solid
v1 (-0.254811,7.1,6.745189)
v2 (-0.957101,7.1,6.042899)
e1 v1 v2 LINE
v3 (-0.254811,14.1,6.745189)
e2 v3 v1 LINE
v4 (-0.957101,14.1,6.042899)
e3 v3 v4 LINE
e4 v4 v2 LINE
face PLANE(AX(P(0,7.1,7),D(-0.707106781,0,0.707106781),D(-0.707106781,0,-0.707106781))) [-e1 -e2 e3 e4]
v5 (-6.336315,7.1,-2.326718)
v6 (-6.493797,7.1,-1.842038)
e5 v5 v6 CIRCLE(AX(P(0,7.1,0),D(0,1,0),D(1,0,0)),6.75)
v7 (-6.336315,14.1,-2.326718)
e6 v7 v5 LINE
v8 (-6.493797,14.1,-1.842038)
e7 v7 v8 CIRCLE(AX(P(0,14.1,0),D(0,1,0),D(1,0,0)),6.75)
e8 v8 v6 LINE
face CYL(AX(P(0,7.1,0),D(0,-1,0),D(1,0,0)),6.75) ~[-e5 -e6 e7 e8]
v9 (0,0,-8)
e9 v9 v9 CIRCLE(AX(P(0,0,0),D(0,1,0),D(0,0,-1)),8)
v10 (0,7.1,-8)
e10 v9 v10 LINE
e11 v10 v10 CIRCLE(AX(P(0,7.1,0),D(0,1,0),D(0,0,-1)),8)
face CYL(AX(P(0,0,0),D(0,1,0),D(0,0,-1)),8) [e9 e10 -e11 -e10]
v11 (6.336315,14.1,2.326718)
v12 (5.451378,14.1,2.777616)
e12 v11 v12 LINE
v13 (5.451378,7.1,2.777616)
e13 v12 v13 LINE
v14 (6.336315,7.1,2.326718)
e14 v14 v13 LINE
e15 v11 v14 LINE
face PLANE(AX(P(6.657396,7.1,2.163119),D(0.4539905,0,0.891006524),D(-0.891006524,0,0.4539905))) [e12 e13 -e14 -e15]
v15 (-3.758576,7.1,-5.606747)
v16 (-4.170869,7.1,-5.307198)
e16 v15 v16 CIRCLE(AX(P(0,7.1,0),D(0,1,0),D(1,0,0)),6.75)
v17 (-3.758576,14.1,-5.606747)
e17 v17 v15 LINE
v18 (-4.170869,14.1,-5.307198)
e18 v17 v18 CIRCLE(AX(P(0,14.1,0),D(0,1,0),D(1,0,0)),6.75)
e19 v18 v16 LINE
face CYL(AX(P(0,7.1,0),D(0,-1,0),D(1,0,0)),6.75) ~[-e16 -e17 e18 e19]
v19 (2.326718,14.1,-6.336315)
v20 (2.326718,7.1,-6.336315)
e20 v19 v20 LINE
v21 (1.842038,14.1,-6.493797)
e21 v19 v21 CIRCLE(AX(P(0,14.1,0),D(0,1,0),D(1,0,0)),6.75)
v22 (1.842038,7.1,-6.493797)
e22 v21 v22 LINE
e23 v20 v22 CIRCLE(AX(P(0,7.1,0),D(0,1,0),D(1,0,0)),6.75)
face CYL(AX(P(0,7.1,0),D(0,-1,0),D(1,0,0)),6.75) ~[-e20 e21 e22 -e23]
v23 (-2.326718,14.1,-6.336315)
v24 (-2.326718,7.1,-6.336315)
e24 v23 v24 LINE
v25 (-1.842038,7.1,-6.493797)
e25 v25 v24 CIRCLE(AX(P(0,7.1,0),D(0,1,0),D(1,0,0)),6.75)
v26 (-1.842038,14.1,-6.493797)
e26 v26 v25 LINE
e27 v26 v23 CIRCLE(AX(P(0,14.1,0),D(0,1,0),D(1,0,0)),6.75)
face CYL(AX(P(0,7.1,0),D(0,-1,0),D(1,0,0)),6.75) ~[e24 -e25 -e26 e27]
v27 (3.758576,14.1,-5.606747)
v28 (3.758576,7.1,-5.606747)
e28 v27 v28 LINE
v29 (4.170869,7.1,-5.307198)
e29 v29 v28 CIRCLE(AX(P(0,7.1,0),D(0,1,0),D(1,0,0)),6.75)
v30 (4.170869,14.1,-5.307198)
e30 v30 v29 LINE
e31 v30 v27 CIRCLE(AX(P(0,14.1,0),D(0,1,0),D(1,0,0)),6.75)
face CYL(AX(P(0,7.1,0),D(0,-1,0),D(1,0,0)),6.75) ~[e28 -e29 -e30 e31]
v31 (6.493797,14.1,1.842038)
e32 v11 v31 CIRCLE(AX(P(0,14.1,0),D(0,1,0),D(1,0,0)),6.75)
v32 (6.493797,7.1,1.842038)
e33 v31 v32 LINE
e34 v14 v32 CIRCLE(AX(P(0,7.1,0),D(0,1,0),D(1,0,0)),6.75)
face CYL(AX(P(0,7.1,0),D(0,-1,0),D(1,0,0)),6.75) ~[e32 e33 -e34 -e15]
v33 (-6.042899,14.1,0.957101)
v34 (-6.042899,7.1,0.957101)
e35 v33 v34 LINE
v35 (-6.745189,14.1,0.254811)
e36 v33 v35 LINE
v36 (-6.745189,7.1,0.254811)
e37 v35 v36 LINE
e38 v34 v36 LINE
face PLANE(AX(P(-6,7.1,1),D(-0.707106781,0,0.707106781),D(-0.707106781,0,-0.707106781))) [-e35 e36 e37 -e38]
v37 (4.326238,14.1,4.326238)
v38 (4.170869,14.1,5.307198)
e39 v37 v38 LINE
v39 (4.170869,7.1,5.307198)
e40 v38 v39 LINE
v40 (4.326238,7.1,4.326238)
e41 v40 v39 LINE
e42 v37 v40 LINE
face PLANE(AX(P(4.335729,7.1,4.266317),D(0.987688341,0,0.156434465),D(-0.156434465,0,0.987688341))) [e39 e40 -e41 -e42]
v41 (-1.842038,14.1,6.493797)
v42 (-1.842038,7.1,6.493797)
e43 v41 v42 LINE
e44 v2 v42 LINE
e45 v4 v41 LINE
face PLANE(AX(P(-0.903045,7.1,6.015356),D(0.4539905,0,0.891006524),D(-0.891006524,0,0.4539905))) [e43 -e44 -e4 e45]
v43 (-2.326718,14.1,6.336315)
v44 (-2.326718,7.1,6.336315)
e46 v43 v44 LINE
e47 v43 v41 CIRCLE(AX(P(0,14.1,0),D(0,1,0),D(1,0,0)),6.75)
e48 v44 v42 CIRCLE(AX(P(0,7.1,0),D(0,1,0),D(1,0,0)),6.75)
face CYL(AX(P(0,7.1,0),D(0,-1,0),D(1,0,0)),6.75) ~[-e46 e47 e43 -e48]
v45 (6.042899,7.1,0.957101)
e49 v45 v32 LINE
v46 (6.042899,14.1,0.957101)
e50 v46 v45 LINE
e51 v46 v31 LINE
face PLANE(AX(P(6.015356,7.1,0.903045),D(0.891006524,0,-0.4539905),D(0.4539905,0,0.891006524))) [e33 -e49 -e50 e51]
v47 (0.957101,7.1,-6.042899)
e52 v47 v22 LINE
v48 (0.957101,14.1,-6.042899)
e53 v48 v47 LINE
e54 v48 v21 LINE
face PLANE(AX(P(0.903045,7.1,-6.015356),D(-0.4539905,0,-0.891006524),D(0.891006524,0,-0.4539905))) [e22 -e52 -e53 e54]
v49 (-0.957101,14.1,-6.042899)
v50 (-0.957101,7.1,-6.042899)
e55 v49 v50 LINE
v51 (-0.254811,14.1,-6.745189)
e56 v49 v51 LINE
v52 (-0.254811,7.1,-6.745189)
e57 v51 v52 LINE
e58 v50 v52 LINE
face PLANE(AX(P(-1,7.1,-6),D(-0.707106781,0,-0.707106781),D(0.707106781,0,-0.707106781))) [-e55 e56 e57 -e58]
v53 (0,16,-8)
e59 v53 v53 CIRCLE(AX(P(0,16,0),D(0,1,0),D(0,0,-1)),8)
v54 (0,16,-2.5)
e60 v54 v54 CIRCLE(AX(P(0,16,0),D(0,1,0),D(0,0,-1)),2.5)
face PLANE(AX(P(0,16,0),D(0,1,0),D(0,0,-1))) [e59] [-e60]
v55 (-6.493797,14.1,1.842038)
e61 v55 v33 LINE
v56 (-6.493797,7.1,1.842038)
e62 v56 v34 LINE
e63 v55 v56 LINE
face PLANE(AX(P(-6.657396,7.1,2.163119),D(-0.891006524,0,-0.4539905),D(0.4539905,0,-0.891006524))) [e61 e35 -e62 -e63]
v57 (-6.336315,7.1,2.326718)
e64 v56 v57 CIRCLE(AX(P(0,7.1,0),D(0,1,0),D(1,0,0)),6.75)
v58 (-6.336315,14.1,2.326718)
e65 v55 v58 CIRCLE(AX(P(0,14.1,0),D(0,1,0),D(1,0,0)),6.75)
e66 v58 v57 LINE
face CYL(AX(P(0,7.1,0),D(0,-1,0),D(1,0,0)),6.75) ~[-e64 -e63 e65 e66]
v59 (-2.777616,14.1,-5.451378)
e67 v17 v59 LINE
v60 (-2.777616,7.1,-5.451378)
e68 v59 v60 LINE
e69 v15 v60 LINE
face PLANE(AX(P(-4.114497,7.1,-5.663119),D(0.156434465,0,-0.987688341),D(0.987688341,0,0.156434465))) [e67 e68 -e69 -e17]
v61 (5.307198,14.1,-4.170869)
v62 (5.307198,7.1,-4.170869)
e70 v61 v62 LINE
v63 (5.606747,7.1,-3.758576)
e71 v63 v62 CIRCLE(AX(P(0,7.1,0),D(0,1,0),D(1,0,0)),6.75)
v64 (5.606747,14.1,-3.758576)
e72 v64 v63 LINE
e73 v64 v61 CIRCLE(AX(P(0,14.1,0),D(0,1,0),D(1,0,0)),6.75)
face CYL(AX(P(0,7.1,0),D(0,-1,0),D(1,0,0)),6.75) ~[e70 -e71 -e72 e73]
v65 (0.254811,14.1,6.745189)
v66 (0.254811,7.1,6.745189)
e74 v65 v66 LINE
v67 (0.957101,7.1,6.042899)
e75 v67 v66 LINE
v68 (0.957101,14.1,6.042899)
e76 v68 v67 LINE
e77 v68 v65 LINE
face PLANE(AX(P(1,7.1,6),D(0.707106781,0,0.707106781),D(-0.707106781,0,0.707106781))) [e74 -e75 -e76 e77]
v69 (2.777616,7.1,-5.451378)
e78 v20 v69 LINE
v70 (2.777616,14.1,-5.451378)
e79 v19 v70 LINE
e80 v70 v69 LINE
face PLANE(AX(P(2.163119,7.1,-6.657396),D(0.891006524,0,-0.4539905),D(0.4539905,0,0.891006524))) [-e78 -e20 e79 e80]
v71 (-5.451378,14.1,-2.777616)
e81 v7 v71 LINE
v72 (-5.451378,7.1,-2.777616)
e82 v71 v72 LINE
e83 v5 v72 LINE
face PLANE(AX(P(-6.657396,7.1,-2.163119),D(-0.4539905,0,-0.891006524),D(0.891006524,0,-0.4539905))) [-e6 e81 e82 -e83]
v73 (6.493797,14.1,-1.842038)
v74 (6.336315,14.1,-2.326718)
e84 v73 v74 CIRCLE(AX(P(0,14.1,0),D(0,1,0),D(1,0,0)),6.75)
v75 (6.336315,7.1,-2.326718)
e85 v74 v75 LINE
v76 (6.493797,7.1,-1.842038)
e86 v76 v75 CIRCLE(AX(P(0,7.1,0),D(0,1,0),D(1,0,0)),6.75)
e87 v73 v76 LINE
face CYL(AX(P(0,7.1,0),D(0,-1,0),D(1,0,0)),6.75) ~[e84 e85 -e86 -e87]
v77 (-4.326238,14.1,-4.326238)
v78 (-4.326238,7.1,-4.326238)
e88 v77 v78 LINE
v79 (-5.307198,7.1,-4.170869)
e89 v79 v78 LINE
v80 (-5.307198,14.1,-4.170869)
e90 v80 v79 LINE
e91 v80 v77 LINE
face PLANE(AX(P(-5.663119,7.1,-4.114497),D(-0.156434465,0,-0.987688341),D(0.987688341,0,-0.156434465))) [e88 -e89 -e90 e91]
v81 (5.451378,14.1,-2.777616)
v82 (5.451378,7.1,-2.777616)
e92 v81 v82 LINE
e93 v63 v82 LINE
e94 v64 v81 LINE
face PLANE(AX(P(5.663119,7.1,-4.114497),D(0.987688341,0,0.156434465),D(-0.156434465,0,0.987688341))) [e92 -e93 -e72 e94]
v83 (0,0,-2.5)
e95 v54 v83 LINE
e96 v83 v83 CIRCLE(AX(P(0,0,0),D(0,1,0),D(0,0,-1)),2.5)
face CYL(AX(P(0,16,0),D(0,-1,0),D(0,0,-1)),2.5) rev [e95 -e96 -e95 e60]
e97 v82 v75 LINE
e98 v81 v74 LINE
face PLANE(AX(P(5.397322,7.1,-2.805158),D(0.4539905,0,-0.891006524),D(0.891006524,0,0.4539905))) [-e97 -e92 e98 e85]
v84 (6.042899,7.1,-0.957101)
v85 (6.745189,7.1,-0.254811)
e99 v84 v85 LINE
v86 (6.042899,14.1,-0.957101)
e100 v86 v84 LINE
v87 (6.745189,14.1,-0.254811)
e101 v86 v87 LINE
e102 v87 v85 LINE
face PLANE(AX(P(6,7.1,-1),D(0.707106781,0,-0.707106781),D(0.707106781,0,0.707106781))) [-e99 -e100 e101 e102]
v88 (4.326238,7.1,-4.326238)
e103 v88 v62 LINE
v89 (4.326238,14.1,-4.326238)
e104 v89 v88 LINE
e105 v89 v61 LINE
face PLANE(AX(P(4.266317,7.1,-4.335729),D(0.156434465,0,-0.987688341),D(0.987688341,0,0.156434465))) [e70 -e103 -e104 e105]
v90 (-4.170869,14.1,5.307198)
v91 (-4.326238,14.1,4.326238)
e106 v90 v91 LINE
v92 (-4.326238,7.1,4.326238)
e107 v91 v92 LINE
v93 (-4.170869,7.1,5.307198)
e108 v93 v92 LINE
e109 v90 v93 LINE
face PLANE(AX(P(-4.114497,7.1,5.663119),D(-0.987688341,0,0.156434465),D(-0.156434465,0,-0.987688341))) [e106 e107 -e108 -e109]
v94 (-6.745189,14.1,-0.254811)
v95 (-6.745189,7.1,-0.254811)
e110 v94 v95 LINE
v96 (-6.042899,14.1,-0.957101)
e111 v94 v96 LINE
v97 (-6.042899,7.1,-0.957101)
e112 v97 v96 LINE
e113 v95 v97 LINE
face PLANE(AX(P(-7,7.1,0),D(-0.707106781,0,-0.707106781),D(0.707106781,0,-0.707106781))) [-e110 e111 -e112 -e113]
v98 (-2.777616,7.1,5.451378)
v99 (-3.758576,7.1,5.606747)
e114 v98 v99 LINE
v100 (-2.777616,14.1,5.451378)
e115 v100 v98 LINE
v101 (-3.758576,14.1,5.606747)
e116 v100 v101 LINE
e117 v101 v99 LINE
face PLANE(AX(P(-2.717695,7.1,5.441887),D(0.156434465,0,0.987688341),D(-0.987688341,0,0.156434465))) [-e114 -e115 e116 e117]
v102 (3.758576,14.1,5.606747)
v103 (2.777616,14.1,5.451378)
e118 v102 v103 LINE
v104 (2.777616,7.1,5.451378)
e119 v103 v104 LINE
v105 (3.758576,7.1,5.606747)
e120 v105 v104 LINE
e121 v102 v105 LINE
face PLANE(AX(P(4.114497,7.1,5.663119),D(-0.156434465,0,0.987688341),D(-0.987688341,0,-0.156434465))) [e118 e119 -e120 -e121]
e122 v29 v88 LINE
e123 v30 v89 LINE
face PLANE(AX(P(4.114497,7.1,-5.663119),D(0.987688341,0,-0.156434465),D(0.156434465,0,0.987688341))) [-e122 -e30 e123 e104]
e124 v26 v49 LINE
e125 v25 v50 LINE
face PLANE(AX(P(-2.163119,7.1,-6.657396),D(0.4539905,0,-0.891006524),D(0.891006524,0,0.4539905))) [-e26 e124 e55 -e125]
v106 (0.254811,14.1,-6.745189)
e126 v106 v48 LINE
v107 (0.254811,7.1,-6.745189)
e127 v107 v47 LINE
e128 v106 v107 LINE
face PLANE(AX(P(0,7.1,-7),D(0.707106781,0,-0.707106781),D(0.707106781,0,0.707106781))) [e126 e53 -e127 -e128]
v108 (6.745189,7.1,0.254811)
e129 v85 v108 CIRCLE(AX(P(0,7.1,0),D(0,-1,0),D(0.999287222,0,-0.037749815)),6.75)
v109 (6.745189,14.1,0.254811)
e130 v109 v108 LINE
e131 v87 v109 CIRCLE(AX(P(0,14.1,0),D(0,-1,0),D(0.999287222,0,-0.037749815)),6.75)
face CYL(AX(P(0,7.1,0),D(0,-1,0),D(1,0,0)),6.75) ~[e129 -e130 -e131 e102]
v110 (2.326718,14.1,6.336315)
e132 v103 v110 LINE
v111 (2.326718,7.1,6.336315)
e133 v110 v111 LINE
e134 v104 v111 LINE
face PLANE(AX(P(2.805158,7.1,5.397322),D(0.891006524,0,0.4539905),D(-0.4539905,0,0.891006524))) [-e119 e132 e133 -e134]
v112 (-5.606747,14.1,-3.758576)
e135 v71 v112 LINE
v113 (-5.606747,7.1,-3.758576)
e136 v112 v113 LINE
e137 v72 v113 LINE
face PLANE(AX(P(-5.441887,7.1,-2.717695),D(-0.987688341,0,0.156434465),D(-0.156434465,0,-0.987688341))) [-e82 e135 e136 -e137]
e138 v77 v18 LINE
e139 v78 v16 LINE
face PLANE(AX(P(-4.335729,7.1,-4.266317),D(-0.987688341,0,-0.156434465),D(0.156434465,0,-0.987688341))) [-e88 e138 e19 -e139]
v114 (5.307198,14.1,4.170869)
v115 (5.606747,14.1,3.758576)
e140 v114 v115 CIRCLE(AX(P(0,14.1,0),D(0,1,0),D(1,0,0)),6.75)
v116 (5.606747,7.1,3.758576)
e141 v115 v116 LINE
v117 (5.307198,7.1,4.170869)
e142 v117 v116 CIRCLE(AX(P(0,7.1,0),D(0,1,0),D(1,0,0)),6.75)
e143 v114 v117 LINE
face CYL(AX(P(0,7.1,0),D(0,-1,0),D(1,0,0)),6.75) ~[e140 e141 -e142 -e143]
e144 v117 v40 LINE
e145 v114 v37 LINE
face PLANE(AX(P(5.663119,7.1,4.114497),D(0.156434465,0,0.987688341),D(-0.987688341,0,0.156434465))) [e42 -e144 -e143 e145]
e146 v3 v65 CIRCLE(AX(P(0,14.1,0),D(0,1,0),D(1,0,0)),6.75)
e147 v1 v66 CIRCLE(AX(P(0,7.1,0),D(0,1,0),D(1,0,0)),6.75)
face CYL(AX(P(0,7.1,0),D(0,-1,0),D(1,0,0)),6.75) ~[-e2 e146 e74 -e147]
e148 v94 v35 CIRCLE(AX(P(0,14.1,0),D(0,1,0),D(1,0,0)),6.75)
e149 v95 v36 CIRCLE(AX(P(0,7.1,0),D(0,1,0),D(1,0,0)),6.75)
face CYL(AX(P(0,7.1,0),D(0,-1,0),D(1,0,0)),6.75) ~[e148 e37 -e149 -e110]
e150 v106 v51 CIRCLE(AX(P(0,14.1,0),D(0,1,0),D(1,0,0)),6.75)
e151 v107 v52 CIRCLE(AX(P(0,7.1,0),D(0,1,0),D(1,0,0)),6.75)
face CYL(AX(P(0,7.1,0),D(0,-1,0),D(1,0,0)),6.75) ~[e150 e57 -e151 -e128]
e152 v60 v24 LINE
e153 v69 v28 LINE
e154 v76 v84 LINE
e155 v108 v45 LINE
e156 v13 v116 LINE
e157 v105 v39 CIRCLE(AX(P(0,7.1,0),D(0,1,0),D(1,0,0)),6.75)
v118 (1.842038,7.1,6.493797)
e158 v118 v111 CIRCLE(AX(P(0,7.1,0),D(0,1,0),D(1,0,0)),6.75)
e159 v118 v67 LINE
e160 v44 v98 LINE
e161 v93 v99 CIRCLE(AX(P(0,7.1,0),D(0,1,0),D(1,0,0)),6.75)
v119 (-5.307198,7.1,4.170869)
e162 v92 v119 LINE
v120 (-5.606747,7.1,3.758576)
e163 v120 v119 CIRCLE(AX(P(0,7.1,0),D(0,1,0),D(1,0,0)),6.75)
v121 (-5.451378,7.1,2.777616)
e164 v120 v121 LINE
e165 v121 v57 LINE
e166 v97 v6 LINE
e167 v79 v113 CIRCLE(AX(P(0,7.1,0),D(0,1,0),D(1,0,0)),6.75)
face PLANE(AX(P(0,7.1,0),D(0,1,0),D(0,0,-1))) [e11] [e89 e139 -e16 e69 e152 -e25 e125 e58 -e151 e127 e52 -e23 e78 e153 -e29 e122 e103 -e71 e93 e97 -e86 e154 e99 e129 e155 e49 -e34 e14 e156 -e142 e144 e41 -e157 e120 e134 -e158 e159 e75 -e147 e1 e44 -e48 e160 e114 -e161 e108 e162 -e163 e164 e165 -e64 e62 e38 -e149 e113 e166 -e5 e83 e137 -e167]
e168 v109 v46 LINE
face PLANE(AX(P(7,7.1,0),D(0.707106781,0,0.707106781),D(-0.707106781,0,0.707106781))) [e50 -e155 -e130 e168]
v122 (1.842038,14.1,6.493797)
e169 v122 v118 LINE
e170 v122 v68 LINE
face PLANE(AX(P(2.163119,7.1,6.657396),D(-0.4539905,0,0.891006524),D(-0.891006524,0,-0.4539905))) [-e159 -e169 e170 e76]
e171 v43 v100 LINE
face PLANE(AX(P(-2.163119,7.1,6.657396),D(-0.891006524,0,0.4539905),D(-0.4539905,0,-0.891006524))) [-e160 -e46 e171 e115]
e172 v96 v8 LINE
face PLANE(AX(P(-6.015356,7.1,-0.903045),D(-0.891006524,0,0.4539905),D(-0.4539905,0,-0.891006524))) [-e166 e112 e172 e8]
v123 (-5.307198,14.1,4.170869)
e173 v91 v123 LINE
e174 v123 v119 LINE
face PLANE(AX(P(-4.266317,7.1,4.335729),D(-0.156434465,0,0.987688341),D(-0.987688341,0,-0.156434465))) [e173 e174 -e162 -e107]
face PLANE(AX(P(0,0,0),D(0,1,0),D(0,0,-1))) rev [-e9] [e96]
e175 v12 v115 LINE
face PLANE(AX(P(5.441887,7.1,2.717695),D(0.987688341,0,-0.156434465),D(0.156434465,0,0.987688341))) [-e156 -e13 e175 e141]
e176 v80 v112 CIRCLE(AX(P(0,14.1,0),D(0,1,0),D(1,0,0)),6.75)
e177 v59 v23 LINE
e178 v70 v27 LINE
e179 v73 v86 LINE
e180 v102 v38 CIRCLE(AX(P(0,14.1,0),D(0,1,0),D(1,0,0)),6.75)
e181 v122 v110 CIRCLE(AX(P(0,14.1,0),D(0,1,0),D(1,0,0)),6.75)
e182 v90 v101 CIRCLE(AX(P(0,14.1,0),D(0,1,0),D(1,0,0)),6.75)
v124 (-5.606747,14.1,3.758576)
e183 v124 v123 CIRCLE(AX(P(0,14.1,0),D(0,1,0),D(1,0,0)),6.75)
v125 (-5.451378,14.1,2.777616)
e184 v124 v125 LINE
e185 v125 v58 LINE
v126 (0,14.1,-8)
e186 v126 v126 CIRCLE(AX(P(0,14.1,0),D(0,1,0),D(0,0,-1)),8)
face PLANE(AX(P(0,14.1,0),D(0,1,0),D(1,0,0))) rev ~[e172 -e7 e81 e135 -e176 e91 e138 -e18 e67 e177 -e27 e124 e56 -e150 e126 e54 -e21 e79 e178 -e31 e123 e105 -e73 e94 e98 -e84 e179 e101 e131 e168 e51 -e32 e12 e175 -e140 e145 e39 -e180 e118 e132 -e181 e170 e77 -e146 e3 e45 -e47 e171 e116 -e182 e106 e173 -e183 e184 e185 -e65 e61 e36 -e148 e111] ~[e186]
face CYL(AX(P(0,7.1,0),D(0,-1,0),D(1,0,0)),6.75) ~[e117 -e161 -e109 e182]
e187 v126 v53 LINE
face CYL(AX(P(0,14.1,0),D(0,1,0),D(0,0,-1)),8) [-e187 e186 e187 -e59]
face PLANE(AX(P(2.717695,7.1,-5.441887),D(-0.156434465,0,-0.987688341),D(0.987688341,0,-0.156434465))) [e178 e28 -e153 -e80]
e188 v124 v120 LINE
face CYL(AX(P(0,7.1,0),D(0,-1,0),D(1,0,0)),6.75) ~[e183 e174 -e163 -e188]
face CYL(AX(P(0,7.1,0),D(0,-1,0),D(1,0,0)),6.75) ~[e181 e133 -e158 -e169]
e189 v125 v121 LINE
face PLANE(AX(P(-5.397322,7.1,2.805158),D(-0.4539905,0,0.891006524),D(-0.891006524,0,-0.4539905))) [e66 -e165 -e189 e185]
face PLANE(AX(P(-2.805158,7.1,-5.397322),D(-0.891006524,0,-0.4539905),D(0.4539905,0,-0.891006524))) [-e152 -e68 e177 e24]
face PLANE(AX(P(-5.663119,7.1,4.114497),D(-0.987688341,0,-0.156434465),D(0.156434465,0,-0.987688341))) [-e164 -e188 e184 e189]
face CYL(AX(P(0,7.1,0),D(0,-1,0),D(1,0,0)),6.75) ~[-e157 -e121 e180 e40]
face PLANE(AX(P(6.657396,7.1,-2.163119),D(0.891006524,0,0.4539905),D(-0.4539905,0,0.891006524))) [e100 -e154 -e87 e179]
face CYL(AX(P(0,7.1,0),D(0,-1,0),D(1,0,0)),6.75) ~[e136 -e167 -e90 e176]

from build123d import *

# Parameters (mm, degrees)
BOSS_EXTRUDE1_DEPTH = 7
CIRPATTERN1_COUNT   = 20
SKETCH4_R           = 7.5
SKETCH4_R_2         = 6.75
CUT_EXTRUDE1_DEPTH  = 7


with BuildPart() as part:
    # Sketch2 → Revolve1 (revolve)
    with BuildSketch(Plane.XY, mode=Mode.PRIVATE) as revolve1_sk:
        Polygon((-2.5, 0), (-8, 0), (-8, 7.1), (-6.11, 7.1), (-6.11, 14.1), (-8, 14.1), (-8, 16), (-2.5, 16), align=None)
    revolve(revolve1_sk.sketch.rotate(Axis((0, 0, 0), (0, 1, 0)), 270), axis=Axis((0, 0, 0), (0, 1, 0)))

    # Sketch3 → Boss-Extrude1 (add)
    with BuildSketch(Plane(origin=(0, 7.1, 0), x_dir=(1, 0, 0), z_dir=(0, 1, 0))):
        Polygon((-6, 1), (-6, -1), (-7, 0), align=None)
    boss_extrude1 = extrude(amount=BOSS_EXTRUDE1_DEPTH)

    # CirPattern1: Boss-Extrude1 ×20 about axis
    cirpattern1_axis = Axis((0, 0, 0), (0, 1, 0))
    for i in range(1, CIRPATTERN1_COUNT):
        add(boss_extrude1.rotate(cirpattern1_axis, i * 360 / CIRPATTERN1_COUNT))

    # Sketch4 → Cut-Extrude1 (cut)
    with BuildSketch(Plane(origin=(0, 7.1, 0), x_dir=(1, 0, 0), z_dir=(0, 1, 0))):
        Circle(SKETCH4_R)
        Circle(SKETCH4_R_2, mode=Mode.SUBTRACT)
    extrude(amount=CUT_EXTRUDE1_DEPTH, mode=Mode.SUBTRACT)


solid = part.part
